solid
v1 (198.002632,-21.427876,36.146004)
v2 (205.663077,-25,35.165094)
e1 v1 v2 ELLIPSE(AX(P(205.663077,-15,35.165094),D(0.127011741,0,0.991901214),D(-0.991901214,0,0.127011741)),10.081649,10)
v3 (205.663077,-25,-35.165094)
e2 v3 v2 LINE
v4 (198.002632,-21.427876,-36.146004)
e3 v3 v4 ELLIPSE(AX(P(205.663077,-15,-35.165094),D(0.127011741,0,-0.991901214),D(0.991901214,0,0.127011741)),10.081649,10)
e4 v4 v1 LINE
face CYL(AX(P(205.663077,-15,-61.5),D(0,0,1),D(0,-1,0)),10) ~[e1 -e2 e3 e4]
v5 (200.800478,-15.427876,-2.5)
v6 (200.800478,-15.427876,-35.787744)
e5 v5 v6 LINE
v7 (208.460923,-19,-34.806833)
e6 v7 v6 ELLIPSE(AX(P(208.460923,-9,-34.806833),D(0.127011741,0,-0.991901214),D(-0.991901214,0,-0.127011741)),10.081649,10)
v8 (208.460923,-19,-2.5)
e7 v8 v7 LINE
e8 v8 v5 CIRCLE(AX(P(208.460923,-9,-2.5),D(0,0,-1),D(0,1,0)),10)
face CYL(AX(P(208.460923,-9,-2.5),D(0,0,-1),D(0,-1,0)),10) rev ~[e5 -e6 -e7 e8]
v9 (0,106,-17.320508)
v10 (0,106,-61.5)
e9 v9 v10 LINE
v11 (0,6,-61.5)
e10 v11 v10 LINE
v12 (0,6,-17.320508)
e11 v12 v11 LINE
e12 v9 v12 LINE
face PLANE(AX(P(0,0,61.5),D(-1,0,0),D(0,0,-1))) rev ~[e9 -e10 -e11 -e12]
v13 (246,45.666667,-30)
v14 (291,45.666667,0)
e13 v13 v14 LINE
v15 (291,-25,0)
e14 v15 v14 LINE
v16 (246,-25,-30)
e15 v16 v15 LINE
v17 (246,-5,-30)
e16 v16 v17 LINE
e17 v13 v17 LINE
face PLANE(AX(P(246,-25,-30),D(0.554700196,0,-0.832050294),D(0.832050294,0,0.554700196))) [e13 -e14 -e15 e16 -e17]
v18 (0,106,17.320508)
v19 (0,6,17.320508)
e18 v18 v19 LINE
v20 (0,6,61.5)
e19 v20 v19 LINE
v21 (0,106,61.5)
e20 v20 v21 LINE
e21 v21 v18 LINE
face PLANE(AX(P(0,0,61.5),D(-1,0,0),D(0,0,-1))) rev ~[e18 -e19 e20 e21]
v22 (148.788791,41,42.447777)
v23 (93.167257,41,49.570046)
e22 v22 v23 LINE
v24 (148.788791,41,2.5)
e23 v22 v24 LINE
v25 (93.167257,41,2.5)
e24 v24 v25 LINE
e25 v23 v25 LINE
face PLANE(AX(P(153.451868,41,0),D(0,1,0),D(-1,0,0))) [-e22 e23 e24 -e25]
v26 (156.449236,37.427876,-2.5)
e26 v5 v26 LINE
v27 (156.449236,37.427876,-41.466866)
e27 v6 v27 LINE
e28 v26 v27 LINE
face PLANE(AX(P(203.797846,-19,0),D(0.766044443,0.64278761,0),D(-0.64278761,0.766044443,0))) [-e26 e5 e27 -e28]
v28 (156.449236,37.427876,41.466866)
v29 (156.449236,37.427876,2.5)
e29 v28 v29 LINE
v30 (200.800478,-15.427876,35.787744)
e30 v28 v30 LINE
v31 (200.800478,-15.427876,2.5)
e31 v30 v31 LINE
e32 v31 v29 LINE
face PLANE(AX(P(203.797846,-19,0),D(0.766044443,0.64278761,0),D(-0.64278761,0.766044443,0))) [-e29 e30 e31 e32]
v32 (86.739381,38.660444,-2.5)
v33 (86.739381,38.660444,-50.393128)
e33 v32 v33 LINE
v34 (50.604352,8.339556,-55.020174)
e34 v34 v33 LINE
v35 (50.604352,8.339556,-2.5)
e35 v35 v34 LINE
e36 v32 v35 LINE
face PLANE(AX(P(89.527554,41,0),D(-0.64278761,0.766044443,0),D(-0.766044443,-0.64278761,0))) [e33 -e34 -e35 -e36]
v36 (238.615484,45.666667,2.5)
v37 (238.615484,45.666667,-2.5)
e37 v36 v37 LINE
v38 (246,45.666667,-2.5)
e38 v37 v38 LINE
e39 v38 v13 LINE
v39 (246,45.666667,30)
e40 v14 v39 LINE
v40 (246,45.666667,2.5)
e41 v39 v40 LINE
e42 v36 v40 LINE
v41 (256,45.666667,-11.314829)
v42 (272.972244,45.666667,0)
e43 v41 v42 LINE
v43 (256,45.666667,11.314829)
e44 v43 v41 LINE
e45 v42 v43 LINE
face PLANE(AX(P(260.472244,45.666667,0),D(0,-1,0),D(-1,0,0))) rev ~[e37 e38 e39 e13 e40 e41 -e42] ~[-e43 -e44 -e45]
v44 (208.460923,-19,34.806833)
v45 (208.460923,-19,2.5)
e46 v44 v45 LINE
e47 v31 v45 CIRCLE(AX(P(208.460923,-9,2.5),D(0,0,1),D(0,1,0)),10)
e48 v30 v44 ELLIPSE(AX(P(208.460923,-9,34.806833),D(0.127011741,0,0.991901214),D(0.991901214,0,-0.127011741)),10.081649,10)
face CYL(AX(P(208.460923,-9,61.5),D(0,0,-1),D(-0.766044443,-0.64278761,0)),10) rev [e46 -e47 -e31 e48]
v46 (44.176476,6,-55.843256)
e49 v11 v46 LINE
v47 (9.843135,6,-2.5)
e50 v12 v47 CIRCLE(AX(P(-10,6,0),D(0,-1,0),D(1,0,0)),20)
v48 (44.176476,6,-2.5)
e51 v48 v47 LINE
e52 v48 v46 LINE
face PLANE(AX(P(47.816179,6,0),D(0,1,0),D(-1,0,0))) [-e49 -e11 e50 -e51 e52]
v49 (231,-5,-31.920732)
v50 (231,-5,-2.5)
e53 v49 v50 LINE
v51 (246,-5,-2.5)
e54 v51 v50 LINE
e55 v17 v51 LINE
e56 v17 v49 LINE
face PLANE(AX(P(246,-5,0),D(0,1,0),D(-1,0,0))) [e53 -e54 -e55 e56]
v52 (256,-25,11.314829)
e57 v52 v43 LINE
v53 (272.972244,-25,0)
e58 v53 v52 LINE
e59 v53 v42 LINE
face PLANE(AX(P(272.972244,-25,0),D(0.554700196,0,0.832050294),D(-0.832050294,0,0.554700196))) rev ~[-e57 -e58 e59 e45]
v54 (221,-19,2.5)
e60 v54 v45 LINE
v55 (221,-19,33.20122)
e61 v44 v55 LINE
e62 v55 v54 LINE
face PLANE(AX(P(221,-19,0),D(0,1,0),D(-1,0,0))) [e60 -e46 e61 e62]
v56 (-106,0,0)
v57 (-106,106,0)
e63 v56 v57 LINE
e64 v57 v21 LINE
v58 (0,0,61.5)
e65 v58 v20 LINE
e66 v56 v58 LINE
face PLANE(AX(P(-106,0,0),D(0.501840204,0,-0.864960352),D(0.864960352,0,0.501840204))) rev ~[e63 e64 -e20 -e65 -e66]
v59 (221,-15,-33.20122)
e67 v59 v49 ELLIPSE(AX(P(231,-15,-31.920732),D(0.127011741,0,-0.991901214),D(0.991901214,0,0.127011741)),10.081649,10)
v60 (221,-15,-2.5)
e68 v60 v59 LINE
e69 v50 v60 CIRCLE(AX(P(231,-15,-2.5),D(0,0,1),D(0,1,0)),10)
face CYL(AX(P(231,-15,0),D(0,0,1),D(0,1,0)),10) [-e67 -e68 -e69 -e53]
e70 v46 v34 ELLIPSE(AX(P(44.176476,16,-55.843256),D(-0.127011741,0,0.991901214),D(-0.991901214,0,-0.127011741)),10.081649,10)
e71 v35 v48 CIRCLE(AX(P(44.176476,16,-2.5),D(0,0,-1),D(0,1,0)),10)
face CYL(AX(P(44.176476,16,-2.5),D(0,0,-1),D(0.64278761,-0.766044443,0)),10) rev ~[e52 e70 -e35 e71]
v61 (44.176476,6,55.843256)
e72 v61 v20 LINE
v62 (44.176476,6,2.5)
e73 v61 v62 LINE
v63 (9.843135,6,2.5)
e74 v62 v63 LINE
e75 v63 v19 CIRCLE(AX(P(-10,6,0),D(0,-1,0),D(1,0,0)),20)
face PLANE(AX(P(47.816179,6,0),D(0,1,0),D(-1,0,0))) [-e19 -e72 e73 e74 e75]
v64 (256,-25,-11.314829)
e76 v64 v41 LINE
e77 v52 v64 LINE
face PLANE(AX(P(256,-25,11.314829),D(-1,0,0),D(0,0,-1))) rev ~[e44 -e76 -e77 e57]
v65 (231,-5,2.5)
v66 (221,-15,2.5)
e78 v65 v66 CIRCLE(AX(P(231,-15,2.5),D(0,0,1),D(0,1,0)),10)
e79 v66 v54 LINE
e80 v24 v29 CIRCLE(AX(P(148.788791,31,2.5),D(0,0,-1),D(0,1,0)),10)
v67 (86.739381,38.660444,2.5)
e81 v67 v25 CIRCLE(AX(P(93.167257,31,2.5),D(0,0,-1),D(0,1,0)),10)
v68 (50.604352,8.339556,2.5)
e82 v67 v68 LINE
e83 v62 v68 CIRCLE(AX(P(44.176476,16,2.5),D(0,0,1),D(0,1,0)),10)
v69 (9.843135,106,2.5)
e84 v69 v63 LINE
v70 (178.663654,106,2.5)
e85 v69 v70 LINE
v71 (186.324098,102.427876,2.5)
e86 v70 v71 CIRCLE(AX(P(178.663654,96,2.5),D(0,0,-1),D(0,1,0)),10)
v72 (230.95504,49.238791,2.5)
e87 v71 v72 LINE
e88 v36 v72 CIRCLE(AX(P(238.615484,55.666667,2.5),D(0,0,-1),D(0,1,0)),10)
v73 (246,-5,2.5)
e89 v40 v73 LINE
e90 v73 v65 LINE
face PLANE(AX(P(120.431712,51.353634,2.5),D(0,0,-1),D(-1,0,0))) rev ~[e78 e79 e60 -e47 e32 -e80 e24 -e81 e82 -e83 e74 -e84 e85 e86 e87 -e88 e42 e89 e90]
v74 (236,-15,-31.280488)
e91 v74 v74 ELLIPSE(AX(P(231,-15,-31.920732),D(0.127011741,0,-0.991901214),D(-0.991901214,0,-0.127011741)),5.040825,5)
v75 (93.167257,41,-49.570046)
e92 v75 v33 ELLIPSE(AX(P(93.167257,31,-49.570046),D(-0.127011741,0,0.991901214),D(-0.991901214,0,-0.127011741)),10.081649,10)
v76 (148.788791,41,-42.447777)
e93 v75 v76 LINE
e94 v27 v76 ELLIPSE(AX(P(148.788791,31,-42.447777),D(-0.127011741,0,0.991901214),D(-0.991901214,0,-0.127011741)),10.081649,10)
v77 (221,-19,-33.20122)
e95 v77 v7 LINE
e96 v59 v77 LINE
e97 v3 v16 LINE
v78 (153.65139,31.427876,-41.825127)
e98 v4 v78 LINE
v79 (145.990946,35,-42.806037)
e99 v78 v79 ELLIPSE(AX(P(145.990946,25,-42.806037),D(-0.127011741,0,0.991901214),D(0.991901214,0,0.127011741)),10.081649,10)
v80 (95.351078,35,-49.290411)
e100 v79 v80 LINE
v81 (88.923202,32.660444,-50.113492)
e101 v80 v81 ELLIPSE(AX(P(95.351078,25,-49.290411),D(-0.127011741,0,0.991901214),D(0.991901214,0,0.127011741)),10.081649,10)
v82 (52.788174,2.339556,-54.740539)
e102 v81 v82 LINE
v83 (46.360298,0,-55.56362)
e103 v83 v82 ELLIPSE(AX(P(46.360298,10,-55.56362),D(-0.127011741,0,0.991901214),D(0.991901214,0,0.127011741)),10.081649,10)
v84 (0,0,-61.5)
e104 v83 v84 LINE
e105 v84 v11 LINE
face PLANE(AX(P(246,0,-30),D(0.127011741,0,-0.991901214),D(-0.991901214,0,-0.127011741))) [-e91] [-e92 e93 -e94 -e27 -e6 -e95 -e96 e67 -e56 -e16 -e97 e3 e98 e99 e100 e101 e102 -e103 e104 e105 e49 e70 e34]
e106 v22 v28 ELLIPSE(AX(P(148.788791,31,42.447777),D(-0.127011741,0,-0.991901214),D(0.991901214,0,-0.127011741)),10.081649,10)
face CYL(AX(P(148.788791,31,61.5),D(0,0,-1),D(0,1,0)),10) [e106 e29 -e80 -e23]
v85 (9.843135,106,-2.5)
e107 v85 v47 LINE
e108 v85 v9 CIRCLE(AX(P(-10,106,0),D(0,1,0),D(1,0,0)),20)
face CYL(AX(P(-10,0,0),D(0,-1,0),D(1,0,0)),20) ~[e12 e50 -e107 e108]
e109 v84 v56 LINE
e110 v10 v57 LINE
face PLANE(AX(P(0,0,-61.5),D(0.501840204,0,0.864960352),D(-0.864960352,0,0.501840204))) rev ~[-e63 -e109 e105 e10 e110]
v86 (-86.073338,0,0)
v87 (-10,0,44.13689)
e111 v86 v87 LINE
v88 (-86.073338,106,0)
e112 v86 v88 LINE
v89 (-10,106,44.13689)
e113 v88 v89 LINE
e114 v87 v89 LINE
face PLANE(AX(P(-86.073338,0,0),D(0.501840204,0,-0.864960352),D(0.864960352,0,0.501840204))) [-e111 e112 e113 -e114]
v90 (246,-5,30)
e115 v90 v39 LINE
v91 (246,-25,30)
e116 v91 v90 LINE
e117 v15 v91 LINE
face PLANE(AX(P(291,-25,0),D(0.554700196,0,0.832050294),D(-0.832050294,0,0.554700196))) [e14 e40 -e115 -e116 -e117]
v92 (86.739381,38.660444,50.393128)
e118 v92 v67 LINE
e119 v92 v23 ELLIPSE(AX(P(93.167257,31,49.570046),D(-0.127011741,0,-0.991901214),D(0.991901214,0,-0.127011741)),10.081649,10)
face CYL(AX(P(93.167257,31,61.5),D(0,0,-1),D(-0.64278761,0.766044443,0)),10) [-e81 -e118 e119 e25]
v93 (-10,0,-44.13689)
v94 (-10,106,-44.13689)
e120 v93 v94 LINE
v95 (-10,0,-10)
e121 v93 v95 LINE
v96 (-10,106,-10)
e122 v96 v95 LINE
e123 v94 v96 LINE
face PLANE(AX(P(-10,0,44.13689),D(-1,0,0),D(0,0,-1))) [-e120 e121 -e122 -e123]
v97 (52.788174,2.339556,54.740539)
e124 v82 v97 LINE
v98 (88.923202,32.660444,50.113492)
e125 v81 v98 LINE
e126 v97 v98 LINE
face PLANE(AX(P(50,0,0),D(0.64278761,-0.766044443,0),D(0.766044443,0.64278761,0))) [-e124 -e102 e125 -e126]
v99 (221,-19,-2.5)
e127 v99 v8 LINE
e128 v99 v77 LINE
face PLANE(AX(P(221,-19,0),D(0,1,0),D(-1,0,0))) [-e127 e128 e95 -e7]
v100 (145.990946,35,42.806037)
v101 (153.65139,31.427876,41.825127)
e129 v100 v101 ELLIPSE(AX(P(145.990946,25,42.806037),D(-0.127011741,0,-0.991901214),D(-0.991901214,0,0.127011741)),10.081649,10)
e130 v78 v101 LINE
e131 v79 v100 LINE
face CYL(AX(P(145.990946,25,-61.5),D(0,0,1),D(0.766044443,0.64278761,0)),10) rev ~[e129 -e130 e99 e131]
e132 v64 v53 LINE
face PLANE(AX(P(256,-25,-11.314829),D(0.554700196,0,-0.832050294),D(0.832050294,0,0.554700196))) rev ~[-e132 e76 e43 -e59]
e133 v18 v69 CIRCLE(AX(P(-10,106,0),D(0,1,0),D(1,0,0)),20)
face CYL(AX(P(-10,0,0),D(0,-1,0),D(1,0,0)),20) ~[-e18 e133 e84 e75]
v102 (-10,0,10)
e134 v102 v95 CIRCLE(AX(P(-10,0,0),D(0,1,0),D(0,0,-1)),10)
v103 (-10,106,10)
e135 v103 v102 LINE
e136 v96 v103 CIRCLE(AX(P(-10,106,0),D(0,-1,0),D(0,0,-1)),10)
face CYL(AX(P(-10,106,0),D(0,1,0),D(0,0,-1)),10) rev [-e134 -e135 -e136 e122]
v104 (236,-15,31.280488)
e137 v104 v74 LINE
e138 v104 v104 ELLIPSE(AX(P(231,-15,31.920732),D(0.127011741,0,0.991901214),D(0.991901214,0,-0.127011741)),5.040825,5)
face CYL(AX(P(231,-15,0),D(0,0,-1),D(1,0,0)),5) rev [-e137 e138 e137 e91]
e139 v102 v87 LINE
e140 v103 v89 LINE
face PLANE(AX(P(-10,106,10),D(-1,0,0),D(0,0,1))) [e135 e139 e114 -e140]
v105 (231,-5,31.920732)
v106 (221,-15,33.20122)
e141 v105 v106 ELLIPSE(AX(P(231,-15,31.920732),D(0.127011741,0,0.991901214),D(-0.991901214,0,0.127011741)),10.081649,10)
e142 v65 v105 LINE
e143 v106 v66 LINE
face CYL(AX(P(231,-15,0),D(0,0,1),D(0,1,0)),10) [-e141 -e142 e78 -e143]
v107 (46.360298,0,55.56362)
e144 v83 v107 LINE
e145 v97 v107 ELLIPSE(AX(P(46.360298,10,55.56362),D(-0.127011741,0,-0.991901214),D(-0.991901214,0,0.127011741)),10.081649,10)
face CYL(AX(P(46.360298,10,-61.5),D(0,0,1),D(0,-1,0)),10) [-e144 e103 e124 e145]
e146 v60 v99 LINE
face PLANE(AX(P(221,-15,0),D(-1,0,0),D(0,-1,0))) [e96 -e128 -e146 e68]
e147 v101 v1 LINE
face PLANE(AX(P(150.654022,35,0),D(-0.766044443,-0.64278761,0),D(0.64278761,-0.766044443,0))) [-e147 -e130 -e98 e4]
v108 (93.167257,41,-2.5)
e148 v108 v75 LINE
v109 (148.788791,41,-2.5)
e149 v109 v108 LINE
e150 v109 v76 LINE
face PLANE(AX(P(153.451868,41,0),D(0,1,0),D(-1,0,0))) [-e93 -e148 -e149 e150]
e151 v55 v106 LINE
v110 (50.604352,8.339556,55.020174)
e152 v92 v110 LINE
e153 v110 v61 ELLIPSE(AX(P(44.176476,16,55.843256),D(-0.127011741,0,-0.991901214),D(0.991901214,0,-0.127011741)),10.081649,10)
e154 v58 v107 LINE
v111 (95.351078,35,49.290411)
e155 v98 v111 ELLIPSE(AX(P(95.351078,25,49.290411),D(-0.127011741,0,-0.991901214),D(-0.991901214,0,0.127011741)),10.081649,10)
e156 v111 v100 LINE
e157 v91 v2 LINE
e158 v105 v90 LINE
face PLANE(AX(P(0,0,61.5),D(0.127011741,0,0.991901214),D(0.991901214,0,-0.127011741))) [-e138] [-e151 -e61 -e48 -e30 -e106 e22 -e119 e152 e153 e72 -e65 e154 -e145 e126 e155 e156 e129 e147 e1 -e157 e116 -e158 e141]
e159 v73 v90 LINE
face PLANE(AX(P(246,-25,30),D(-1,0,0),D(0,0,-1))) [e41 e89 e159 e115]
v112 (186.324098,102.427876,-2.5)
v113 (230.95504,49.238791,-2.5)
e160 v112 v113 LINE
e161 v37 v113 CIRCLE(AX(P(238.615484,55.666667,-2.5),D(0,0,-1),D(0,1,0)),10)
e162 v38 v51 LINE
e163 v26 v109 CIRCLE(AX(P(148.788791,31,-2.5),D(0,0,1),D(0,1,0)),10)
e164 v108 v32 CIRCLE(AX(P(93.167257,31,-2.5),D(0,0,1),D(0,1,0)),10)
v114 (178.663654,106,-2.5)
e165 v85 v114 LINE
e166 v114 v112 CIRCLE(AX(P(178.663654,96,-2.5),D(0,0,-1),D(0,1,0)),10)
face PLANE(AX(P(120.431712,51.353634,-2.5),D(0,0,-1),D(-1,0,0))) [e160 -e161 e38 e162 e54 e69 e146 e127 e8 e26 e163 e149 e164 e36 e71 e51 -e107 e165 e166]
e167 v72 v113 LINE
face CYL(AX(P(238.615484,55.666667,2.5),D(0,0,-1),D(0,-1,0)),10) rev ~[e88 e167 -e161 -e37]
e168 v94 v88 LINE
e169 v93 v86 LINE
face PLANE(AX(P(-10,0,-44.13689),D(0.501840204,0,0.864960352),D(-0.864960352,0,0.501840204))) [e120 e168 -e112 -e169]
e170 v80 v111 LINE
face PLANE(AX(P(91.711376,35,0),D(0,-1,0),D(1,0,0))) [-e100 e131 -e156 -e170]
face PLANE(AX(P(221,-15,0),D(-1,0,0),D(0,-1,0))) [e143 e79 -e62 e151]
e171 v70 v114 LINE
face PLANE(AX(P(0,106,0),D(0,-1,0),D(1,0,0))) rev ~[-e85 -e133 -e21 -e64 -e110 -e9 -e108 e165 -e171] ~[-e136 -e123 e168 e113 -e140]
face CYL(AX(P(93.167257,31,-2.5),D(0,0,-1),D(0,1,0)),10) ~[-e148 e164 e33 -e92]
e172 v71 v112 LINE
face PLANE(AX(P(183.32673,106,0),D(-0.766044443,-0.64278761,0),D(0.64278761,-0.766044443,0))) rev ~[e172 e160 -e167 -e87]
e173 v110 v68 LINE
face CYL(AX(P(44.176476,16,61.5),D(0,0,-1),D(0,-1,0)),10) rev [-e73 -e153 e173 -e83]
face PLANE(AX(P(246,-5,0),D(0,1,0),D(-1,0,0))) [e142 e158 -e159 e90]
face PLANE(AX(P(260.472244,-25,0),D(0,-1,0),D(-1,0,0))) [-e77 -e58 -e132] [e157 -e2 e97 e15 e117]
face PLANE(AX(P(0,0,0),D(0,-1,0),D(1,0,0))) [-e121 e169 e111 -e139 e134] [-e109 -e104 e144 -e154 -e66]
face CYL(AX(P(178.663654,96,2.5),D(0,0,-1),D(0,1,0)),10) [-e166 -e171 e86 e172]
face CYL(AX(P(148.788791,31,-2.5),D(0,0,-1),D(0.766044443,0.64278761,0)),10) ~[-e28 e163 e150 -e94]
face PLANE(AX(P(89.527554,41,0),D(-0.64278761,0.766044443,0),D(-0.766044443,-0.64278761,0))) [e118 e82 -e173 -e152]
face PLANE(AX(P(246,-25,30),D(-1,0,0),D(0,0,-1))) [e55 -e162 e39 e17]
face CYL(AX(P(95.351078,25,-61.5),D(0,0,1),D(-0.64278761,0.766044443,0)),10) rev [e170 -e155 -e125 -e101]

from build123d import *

# Parameters (mm, degrees)
BOSS_EXTRUDE1_DEPTH     = 106
SKETCH3_R               = 5
BOSS_EXTRUDE2_DEPTH     = 61.5
BOSS_EXTRUDE3_START     = -25
BOSS_EXTRUDE3_DEPTH     = 70.666666667
BOSS_EXTRUDE4_DEPTH     = 2.5
FILLET2_R               = 10
CUT_EXTRUDE1_DEPTH      = 107
CUT_EXTRUDE1_DEPTH_BACK = 26
SKETCH7_R               = 20
SKETCH7_R_2             = 10
BOSS_EXTRUDE5_DEPTH     = 106
CUT_EXTRUDE2_DEPTH      = 1
CUT_EXTRUDE2_DEPTH_BACK = 132


with BuildPart() as part:
    # Sketch2 → Boss-Extrude1 (new body)
    with BuildSketch(Plane(origin=(0, 0, 0), x_dir=(1, 0, 0), z_dir=(0, 1, 0))):
        Polygon((0, -61.5), (0, 61.5), (-106, 0), align=None)
        Polygon((-10, 44.136889641), (-86.073338243, 0), (-10, -44.136889641), align=None, mode=Mode.SUBTRACT)
    extrude(amount=BOSS_EXTRUDE1_DEPTH)

    # Sketch3 → Boss-Extrude2 (add, symmetric)
    with BuildSketch(Plane.XY):
        with BuildLine():
            Line((0, 0), (50, 0))
            Line((50, 0), (91.711375741, 35))
            Line((91.711375741, 35), (150.654022129, 35))
            Line((150.654022129, 35), (201, -25))
            Line((201, -25), (246, -25))
            Line((246, -25), (246, -19))
            Line((246, -19), (246, -5))
            Line((246, -5), (231, -5))
            ThreePointArc((231, -5), (223.928932188, -7.928932188), (221, -15))
            Line((221, -15), (221, -19))
            Line((221, -19), (203.797845949, -19))
            Line((203.797845949, -19), (153.451868078, 41))
            Line((153.451868078, 41), (89.527554335, 41))
            Line((89.527554335, 41), (47.816178594, 6))
            Line((47.816178594, 6), (0, 6))
            Line((0, 6), (0, 0))
        make_face()
        with Locations((231, -15)):
            Circle(SKETCH3_R, mode=Mode.SUBTRACT)
    extrude(amount=BOSS_EXTRUDE2_DEPTH, both=True)

    # Sketch4 → Boss-Extrude3 (add)
    with BuildSketch(Plane(origin=(0, 0, 0), x_dir=(1, 0, 0), z_dir=(0, 1, 0)).offset(BOSS_EXTRUDE3_START)):
        Polygon((246, -30), (246, 30), (291, 0), align=None)
        Polygon((256, 11.314829082), (272.972243623, 0), (256, -11.314829082), align=None, mode=Mode.SUBTRACT)
    extrude(amount=BOSS_EXTRUDE3_DEPTH)

    # Sketch5 → Boss-Extrude4 (add, symmetric)
    with BuildSketch(Plane.XY):
        with BuildLine():
            Line((0, 106), (183.326730095, 106))
            Line((183.326730095, 106), (233.952407843, 45.666666667))
            Line((233.952407843, 45.666666667), (246, 45.666666667))
            Line((246, 45.666666667), (246, -5))
            Line((246, -5), (231, -5))
            ThreePointArc((231, -5), (223.928932188, -7.928932188), (221, -15))
            Line((221, -15), (221, -19))
            Line((221, -19), (203.797845949, -19))
            Line((203.797845949, -19), (153.451868078, 41))
            Line((153.451868078, 41), (89.527554335, 41))
            Line((89.527554335, 41), (47.816178594, 6))
            Line((47.816178594, 6), (0, 6))
            Line((0, 6), (0, 106))
        make_face()
    extrude(amount=BOSS_EXTRUDE4_DEPTH, both=True)

    # Fillet2
    fillet2_edges = [part.edges().sort_by_distance(p)[0] for p in [
        (50, 0, 0),
        (91.711375741, 35, 0),
        (150.654022129, 35, 0),
        (201, -25, 0),
        (203.797845949, -19, 32),
        (153.451868078, 41, 32),
        (89.527554335, 41, 32),
        (47.816178594, 6, 32),
        (47.816178594, 6, -32),
        (89.527554335, 41, -32),
        (153.451868078, 41, -32),
        (203.797845949, -19, -32),
        (233.952407843, 45.666666667, 0),
        (183.326730095, 106, 0),
    ]]
    fillet(fillet2_edges, radius=FILLET2_R)

    # Sketch6 → Cut-Extrude1 (cut, two sides)
    with BuildSketch(Plane(origin=(0, 0, 0), x_dir=(1, 0, 0), z_dir=(0, 1, 0))) as cut_extrude1_sk:
        Polygon((0, 61.5), (246, 61.5), (246, 30), align=None)
        Polygon((0, -61.5), (246, -30), (246, -61.5), align=None)
    extrude(amount=CUT_EXTRUDE1_DEPTH, mode=Mode.SUBTRACT)
    extrude(cut_extrude1_sk.sketch, amount=-CUT_EXTRUDE1_DEPTH_BACK, mode=Mode.SUBTRACT)

    # Sketch7 → Boss-Extrude5 (add)
    with BuildSketch(Plane(origin=(0, 0, 0), x_dir=(1, 0, 0), z_dir=(0, 1, 0))):
        with Locations((-10, 0)):
            Circle(SKETCH7_R)
        with Locations((-10, 0)):
            Circle(SKETCH7_R_2, mode=Mode.SUBTRACT)
    extrude(amount=BOSS_EXTRUDE5_DEPTH)

    # Sketch8 → Cut-Extrude2 (cut, two sides)
    with BuildSketch(Plane(origin=(0, 106, 0), x_dir=(1, 0, 0), z_dir=(0, 1, 0))) as cut_extrude2_sk:
        with BuildLine():
            Line((-86.073338243, 0), (-10, 44.136889641))
            Line((-10, 44.136889641), (-10, 10))
            ThreePointArc((-10, 10), (0, 0), (-10, -10))
            Line((-10, -10), (-10, -44.136889641))
            Line((-10, -44.136889641), (-86.073338243, 0))
        make_face()
    extrude(amount=CUT_EXTRUDE2_DEPTH, mode=Mode.SUBTRACT)
    extrude(cut_extrude2_sk.sketch, amount=-CUT_EXTRUDE2_DEPTH_BACK, mode=Mode.SUBTRACT)


solid = part.part
